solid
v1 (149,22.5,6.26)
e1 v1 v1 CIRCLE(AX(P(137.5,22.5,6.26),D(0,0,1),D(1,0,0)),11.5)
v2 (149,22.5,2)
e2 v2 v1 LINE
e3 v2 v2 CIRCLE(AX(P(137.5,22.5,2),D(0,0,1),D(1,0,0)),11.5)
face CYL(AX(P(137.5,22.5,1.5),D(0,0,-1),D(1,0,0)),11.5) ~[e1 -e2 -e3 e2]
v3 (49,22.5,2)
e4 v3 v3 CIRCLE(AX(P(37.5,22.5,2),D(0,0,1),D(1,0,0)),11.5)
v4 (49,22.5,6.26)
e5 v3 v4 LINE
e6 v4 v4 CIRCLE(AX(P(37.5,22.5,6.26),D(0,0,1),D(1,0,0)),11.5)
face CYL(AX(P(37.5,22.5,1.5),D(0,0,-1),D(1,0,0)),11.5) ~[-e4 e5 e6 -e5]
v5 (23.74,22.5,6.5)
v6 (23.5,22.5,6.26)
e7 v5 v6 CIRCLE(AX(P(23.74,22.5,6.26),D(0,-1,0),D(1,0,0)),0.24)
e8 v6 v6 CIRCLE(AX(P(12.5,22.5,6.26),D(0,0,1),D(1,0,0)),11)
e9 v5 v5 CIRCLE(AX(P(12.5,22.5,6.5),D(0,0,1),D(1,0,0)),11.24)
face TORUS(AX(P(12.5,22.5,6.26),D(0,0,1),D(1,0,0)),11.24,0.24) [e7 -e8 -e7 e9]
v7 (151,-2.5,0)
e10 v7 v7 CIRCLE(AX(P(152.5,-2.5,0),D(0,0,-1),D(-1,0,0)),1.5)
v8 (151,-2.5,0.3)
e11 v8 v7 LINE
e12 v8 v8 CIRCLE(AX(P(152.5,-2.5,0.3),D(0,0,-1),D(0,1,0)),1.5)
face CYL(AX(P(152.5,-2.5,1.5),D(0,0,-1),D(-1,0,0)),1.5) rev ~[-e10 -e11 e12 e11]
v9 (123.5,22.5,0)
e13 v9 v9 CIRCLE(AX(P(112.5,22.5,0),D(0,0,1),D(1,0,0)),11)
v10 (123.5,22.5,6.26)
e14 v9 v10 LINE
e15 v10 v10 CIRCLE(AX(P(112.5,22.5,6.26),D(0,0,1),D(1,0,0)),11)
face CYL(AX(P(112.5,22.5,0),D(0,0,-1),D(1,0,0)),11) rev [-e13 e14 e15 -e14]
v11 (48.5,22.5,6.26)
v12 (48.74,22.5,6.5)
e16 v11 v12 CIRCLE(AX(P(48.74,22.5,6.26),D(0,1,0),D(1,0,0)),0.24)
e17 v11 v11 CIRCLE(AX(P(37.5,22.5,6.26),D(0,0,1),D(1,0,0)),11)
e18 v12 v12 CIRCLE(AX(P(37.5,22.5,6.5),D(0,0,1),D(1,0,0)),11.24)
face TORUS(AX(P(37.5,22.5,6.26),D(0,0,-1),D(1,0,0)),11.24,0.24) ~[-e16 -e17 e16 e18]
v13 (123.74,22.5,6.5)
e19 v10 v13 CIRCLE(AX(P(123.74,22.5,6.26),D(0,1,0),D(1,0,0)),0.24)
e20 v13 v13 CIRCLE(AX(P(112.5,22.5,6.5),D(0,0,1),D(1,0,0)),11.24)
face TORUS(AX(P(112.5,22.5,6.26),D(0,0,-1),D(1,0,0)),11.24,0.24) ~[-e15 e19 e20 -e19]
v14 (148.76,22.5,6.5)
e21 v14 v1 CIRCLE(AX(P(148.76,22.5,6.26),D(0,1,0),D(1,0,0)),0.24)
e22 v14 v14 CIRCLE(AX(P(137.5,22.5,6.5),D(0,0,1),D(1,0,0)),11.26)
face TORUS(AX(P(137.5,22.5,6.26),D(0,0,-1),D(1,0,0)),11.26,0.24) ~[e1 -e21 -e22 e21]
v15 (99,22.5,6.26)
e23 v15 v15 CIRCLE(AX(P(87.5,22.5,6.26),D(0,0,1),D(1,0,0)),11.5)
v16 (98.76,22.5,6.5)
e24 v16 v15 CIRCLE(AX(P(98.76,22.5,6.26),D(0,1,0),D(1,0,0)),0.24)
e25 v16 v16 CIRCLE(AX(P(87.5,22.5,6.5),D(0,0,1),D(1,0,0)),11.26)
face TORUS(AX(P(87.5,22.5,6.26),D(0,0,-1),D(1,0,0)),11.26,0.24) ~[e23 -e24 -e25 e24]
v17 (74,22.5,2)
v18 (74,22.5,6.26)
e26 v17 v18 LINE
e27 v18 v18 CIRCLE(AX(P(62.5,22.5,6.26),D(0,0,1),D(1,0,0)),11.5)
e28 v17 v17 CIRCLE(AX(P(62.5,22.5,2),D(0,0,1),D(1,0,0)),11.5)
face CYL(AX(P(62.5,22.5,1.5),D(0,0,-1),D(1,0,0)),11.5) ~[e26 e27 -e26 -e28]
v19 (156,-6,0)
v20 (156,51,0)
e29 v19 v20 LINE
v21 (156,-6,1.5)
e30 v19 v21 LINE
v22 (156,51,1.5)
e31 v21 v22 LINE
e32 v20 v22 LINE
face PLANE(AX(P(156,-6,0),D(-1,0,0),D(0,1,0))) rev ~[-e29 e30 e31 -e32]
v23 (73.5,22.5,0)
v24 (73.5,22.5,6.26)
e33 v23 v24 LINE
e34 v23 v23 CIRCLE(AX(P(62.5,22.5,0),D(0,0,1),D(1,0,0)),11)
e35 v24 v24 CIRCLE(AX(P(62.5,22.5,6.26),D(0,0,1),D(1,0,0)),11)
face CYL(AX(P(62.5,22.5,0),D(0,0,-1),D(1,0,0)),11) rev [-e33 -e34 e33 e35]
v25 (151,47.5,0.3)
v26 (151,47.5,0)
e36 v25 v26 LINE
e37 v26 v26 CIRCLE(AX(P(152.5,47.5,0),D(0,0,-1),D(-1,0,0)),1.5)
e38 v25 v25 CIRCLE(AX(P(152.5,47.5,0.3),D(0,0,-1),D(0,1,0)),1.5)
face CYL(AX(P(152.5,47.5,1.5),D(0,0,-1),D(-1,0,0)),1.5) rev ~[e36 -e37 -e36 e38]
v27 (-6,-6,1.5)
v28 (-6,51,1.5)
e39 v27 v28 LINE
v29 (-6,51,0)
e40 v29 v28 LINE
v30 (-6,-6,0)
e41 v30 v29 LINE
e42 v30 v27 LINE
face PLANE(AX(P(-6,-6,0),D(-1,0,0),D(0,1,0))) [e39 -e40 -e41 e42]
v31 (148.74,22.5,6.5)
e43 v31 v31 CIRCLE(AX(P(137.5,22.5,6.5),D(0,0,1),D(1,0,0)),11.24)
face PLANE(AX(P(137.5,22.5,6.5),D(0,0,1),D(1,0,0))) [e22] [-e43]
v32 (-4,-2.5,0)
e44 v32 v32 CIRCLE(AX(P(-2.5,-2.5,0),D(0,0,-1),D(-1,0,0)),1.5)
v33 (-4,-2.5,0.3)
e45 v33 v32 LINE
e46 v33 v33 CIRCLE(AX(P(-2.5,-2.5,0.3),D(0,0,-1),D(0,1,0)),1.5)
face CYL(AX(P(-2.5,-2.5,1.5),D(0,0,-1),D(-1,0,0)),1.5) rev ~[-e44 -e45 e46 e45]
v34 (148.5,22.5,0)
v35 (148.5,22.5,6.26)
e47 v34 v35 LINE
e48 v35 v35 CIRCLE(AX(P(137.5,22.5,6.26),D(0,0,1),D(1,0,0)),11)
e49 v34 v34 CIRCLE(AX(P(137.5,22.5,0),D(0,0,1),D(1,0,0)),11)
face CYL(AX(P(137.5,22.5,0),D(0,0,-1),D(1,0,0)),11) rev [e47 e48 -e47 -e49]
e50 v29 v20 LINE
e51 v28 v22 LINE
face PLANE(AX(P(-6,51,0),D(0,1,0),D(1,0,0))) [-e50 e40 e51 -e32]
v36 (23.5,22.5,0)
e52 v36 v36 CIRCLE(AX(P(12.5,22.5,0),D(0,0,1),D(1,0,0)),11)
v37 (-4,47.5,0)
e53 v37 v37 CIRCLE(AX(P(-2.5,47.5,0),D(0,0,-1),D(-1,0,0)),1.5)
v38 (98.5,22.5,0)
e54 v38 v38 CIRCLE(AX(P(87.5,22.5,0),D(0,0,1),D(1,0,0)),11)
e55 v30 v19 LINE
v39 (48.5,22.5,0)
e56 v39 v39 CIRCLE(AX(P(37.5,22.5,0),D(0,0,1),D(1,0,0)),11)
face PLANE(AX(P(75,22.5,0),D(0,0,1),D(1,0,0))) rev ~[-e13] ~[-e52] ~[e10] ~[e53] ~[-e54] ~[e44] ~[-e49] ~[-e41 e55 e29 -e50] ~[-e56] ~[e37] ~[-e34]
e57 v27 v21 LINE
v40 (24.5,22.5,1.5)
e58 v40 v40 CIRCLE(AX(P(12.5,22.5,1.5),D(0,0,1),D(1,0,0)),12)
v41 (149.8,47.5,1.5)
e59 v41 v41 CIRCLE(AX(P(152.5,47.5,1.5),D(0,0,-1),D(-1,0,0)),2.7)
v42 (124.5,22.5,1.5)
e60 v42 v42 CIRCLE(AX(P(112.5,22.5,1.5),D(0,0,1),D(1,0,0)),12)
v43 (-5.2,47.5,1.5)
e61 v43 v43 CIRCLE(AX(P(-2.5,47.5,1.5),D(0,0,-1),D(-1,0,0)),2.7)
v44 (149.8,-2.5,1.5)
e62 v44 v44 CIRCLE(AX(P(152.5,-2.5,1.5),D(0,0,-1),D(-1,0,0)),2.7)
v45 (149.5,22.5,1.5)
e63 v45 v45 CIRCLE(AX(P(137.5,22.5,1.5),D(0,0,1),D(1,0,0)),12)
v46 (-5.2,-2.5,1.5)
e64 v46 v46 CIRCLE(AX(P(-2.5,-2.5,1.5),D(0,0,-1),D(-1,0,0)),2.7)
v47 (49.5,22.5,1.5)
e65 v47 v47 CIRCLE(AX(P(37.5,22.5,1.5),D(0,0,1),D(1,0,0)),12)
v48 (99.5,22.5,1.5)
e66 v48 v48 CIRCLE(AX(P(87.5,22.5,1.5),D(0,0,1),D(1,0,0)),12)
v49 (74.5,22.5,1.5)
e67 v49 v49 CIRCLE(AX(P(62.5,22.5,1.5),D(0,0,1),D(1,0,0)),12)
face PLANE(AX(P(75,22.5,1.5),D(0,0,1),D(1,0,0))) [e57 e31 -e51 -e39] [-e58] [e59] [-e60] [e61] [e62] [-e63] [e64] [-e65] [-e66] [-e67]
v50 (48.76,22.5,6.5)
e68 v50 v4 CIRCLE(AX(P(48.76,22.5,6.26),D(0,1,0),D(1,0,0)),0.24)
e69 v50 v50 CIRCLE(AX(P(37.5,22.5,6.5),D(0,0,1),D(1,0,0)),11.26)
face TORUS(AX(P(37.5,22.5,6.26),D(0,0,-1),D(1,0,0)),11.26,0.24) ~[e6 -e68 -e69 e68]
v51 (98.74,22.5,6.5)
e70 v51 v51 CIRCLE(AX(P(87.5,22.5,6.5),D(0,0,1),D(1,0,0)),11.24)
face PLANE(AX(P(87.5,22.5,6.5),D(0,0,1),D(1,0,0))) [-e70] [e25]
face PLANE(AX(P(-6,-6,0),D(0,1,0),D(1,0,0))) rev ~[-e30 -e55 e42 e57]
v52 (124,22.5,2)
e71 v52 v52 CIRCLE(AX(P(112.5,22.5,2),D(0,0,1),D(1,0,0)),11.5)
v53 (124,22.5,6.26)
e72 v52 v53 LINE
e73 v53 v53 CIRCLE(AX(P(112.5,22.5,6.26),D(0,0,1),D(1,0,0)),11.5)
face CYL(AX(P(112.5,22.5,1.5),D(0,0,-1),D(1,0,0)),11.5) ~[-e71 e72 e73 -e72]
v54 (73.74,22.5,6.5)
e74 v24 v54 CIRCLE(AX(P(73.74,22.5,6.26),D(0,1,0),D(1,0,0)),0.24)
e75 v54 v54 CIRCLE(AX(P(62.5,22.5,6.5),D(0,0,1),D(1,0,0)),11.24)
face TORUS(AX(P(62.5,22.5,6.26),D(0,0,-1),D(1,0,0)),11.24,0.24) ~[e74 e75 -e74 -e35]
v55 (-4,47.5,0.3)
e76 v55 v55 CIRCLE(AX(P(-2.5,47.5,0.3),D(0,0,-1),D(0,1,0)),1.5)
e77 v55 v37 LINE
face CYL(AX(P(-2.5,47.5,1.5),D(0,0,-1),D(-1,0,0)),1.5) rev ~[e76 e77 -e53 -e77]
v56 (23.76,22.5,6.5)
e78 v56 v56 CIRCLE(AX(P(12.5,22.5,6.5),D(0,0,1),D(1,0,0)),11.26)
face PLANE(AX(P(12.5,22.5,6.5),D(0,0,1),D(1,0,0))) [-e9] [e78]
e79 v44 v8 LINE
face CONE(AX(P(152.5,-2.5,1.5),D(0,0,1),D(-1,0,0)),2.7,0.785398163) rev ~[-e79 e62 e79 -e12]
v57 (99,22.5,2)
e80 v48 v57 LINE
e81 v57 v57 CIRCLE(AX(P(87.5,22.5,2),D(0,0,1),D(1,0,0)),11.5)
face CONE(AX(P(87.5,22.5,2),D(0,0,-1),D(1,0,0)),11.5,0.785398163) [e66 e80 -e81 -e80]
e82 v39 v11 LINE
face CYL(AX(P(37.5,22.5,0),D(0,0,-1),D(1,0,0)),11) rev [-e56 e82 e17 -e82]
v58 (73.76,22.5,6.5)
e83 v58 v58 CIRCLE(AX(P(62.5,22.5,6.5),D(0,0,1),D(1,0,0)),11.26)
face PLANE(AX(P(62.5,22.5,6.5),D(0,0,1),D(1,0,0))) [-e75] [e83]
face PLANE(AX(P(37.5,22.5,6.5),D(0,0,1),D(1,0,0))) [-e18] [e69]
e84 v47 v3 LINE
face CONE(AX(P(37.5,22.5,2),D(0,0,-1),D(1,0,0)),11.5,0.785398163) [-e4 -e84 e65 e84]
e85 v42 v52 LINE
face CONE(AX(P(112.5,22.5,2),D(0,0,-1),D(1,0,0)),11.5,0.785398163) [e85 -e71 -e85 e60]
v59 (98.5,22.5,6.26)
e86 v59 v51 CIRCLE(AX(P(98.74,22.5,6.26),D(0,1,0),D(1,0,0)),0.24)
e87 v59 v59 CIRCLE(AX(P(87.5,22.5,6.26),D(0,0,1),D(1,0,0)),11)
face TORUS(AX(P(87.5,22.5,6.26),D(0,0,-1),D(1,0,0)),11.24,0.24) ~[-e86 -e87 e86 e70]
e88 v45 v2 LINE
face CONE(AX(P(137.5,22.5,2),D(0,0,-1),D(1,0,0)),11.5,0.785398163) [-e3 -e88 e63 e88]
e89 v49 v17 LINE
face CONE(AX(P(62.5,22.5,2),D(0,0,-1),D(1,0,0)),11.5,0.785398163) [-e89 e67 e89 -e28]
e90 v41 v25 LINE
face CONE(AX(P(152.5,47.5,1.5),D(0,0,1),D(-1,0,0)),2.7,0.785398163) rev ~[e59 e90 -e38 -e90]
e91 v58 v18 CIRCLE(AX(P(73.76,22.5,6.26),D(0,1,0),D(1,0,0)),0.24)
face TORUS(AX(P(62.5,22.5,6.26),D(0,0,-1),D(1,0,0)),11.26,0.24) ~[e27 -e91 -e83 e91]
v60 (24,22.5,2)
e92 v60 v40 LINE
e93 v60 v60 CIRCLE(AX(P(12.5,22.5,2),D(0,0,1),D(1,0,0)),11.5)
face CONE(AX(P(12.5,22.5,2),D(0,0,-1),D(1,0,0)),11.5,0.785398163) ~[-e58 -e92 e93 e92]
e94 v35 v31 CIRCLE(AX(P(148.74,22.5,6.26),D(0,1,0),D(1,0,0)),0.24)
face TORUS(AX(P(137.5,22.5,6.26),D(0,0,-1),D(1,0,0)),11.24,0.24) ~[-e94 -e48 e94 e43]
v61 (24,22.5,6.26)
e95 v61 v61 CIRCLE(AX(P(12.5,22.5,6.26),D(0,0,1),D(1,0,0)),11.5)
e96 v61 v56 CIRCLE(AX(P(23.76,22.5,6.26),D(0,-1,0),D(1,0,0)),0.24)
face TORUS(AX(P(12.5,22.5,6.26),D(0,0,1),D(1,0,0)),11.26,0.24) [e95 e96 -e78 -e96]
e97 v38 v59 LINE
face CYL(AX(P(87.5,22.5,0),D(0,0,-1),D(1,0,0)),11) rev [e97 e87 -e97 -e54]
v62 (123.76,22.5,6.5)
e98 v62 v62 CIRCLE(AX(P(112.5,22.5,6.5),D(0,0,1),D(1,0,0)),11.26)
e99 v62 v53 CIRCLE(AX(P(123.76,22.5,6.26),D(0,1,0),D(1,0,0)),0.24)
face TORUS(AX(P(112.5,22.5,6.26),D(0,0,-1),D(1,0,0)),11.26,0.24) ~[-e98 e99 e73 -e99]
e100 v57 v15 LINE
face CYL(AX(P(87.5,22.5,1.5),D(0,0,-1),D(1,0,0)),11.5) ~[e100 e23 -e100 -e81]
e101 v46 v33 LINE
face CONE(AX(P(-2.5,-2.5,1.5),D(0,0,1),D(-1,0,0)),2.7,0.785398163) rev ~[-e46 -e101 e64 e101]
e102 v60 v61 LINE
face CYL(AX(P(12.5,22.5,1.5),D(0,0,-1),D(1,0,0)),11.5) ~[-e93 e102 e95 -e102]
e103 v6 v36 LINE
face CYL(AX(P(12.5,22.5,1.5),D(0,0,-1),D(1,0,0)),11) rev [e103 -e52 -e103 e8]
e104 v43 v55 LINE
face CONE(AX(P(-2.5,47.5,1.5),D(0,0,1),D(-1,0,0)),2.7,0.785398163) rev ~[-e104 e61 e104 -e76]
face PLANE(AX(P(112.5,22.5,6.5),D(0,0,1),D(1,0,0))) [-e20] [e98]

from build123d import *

# Parameters (mm, degrees)
SKETCH005_W      = 162
SKETCH005_H      = 57
SKETCH005_R      = 11
PAD005_DEPTH     = 1.5
HOLE_D           = 3
HOLE_DEPTH       = 25
HOLE_CSINK_D     = 5.4
HOLE_CSINK_ANGLE = 90
SKETCH010_R      = 11.5
SKETCH010_R_2    = 11
PAD007_DEPTH     = 5
FILLET_R         = 0.24
CHAMFER_SIZE     = 0.5


with BuildPart() as part:
    # Sketch005 → Pad005 (new body)
    with BuildSketch(Plane.XY):
        with Locations((75, 22.5)):
            Rectangle(SKETCH005_W, SKETCH005_H)
        with Locations((12.5, 22.5)):
            Circle(SKETCH005_R, mode=Mode.SUBTRACT)
        with Locations((37.5, 22.5)):
            Circle(SKETCH005_R, mode=Mode.SUBTRACT)
        with Locations((62.5, 22.5)):
            Circle(SKETCH005_R, mode=Mode.SUBTRACT)
        with Locations((87.5, 22.5)):
            Circle(SKETCH005_R, mode=Mode.SUBTRACT)
        with Locations((112.5, 22.5)):
            Circle(SKETCH005_R, mode=Mode.SUBTRACT)
        with Locations((137.5, 22.5)):
            Circle(SKETCH005_R, mode=Mode.SUBTRACT)
    extrude(amount=PAD005_DEPTH)

    # Hole
    with Locations(Plane.XY.offset(1.5)):
        with Locations((152.5, 47.5), (-2.5, 47.5), (-2.5, -2.5), (152.5, -2.5)):
            CounterSinkHole(HOLE_D / 2, HOLE_CSINK_D / 2, depth=HOLE_DEPTH, counter_sink_angle=HOLE_CSINK_ANGLE)

    # Sketch010 (on Face5 of Hole) → Pad007 (join)
    with BuildSketch(Plane.XY.offset(1.5)):
        with Locations((12.5, 22.5)):
            Circle(SKETCH010_R)
        with Locations((12.5, 22.5)):
            Circle(SKETCH010_R_2, mode=Mode.SUBTRACT)
        with Locations((37.5, 22.5)):
            Circle(SKETCH010_R)
        with Locations((37.5, 22.5)):
            Circle(SKETCH010_R_2, mode=Mode.SUBTRACT)
        with Locations((62.5, 22.5)):
            Circle(SKETCH010_R)
        with Locations((62.5, 22.5)):
            Circle(SKETCH010_R_2, mode=Mode.SUBTRACT)
        with Locations((87.5, 22.5)):
            Circle(SKETCH010_R)
        with Locations((87.5, 22.5)):
            Circle(SKETCH010_R_2, mode=Mode.SUBTRACT)
        with Locations((112.5, 22.5)):
            Circle(SKETCH010_R)
        with Locations((112.5, 22.5)):
            Circle(SKETCH010_R_2, mode=Mode.SUBTRACT)
        with Locations((137.5, 22.5)):
            Circle(SKETCH010_R)
        with Locations((137.5, 22.5)):
            Circle(SKETCH010_R_2, mode=Mode.SUBTRACT)
    extrude(amount=PAD007_DEPTH)

    # Fillet
    fillet_edges = [part.edges().sort_by_distance(p)[0] for p in [
        (26, 22.5, 6.5),
        (26.5, 22.5, 6.5),
        (51, 22.5, 6.5),
        (51.5, 22.5, 6.5),
        (76, 22.5, 6.5),
        (76.5, 22.5, 6.5),
        (101, 22.5, 6.5),
        (101.5, 22.5, 6.5),
        (126, 22.5, 6.5),
        (126.5, 22.5, 6.5),
        (1, 22.5, 6.5),
        (1.5, 22.5, 6.5),
    ]]
    fillet(fillet_edges, radius=FILLET_R)

    # Chamfer
    chamfer_edges = [part.edges().sort_by_distance(p)[0] for p in [
        (24, 22.5, 3.88),
        (1, 22.5, 6.26),
        (1, 22.5, 1.5),
        (49, 22.5, 3.88),
        (26, 22.5, 6.26),
        (26, 22.5, 1.5),
        (74, 22.5, 3.88),
        (51, 22.5, 6.26),
        (51, 22.5, 1.5),
        (99, 22.5, 3.88),
        (76, 22.5, 6.26),
        (76, 22.5, 1.5),
        (124, 22.5, 3.88),
        (101, 22.5, 6.26),
        (101, 22.5, 1.5),
        (149, 22.5, 3.88),
        (126, 22.5, 6.26),
        (126, 22.5, 1.5),
    ]]
    chamfer(chamfer_edges, length=CHAMFER_SIZE)


solid = part.part
